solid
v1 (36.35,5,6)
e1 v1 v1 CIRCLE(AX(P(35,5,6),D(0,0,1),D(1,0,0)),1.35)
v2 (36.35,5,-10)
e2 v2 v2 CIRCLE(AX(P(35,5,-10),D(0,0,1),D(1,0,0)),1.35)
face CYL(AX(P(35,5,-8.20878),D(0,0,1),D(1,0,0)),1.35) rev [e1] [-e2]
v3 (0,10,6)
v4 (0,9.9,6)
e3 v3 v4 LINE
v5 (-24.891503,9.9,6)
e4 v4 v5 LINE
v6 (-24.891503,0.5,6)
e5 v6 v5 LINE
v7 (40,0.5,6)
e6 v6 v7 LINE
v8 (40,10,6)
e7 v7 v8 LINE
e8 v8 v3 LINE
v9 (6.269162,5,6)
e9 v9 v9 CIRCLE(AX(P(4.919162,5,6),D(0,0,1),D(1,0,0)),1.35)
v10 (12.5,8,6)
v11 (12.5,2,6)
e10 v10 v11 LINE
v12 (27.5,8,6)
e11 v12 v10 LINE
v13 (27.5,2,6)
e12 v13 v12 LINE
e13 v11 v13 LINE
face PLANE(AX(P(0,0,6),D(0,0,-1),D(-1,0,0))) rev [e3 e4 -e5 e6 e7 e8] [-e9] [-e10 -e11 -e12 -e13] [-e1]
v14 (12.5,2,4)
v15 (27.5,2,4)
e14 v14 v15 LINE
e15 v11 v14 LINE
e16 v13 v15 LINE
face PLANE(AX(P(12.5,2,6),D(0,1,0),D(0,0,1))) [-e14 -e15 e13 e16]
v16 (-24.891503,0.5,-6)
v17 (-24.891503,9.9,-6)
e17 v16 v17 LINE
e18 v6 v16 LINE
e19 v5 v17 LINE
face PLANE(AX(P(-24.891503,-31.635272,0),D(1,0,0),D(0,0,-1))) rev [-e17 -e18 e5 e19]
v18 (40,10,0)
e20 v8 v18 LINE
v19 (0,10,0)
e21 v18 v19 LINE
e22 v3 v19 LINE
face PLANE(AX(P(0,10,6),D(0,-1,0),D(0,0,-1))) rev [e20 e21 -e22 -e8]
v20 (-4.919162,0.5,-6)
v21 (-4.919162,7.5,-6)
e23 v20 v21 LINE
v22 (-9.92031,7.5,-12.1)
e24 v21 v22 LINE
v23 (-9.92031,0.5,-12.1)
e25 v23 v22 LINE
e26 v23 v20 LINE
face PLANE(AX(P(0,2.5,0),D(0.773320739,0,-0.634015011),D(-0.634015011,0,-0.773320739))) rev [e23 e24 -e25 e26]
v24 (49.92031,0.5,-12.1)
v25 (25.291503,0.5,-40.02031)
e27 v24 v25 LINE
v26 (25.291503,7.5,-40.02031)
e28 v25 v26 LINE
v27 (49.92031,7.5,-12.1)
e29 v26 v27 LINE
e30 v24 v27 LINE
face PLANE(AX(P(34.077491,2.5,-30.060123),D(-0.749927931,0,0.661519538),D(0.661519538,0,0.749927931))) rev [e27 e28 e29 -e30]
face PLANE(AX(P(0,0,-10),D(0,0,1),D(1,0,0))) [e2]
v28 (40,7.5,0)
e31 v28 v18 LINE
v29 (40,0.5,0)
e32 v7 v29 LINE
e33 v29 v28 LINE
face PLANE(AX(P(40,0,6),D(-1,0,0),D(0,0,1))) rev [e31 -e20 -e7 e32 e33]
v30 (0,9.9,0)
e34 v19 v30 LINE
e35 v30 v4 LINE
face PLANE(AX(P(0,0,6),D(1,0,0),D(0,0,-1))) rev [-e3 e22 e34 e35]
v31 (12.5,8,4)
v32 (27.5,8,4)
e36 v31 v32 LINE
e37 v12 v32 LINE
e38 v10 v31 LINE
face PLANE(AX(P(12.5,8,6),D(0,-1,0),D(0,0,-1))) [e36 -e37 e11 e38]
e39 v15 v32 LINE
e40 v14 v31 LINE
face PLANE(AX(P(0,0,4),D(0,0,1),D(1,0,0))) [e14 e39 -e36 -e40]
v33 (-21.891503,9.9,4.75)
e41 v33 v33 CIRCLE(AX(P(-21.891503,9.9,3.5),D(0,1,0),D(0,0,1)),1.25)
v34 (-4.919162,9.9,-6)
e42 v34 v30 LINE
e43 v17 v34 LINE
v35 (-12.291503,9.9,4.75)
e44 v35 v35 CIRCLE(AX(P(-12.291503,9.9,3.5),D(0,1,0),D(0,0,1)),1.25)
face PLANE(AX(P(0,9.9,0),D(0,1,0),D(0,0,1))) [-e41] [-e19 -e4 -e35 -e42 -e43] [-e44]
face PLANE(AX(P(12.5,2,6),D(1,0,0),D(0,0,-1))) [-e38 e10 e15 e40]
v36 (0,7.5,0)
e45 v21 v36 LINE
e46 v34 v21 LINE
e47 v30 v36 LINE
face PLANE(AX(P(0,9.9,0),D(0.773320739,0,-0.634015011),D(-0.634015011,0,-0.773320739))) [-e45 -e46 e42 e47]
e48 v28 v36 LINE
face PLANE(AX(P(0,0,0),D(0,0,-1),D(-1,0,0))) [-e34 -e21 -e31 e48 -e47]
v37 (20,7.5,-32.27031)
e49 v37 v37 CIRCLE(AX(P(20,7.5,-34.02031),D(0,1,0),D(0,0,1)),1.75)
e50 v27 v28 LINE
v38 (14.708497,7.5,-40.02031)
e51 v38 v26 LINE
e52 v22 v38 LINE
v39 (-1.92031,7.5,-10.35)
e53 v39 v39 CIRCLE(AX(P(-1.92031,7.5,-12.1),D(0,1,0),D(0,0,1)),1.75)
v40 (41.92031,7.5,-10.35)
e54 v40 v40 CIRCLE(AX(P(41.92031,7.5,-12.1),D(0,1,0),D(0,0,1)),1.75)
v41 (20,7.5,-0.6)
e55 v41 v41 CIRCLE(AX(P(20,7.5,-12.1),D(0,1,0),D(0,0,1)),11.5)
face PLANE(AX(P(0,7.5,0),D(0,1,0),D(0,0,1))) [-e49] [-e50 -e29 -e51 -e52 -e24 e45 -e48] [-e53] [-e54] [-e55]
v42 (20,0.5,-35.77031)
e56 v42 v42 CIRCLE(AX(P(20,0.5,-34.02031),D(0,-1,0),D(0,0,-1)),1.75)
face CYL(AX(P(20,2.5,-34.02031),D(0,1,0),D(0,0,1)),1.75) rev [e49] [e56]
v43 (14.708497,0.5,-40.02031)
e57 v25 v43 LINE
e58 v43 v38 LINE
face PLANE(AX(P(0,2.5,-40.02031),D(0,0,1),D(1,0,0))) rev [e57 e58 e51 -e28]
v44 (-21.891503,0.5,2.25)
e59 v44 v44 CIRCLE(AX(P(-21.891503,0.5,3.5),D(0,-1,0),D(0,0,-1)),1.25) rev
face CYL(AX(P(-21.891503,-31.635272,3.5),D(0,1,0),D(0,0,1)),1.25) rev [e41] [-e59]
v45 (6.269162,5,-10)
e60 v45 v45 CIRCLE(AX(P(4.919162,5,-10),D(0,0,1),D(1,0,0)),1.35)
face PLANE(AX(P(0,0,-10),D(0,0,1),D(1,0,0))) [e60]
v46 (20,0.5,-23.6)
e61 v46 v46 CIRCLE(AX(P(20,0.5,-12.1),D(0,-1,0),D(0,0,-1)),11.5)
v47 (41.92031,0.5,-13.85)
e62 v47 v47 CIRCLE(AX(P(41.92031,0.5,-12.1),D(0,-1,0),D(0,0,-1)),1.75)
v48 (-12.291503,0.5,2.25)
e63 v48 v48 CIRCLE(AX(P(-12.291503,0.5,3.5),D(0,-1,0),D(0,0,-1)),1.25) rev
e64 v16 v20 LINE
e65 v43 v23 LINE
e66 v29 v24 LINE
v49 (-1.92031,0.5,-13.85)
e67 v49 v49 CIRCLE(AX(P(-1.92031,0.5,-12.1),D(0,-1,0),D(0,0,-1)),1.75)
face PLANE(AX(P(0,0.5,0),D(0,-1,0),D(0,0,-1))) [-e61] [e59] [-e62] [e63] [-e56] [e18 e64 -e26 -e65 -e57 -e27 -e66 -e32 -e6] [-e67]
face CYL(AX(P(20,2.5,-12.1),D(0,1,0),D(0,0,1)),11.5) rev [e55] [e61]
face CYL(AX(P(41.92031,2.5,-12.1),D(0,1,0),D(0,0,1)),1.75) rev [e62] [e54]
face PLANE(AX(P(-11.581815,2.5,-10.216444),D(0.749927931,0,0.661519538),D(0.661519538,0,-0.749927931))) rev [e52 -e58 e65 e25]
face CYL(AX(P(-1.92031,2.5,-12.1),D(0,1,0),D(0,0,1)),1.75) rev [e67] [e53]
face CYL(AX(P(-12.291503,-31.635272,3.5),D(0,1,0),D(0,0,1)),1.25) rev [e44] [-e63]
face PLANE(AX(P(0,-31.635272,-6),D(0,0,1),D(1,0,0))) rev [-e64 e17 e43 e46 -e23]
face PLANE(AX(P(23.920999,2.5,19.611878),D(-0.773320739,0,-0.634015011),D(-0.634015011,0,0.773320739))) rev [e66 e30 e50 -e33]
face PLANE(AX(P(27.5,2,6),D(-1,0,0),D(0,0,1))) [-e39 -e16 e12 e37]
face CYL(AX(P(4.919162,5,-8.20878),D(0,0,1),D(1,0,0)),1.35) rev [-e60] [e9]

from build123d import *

# Parameters (mm, degrees)
SKETCH1_W               = 40
SKETCH1_H               = 10
SKETCH1_R               = 1.5
SKETCH1_W_2             = 15
SKETCH1_H_2             = 6
BOSS_EXTRUDE1_DEPTH     = 6
SKETCH1_3_W             = 15
SKETCH1_3_H             = 6
BOSS_EXTRUDE2_DEPTH     = 4
BOSS_EXTRUDE3_START     = -2.5
SKETCH2_R               = 1.75
SKETCH2_R_2             = 11.5
BOSS_EXTRUDE3_DEPTH     = 5
SKETCH3_W               = 40
SKETCH3_H               = 6
CUT_EXTRUDE1_DEPTH      = 0.5
BOSS_EXTRUDE4_START     = -7.5
SKETCH2_3_R             = 1.75
SKETCH2_3_R_2           = 11.5
BOSS_EXTRUDE4_DEPTH     = 2
SKETCH4_R               = 1.25
BOSS_EXTRUDE5_DEPTH     = 7
BOSS_EXTRUDE6_START     = 2.4
SKETCH4_3_R             = 1.25
BOSS_EXTRUDE6_DEPTH     = 2.4
SKETCH5_R               = 2.902241855
SKETCH5_R_2             = 1.35
SKETCH5_R_3             = 2.755762568
BOSS_EXTRUDE7_DEPTH     = 6
CUT_EXTRUDE2_DEPTH      = 69.628757271
CUT_EXTRUDE2_DEPTH_BACK = 16
SKETCH5_2_R             = 1.35


with BuildPart() as part:
    # Sketch1 → Boss-Extrude1 (new body)
    with BuildSketch(Plane.XY):
        with Locations((20, 5)):
            Rectangle(SKETCH1_W, SKETCH1_H)
        with Locations((5, 5)):
            Circle(SKETCH1_R, mode=Mode.SUBTRACT)
        with Locations((35, 5)):
            Circle(SKETCH1_R, mode=Mode.SUBTRACT)
        with Locations((20, 5)):
            Rectangle(SKETCH1_W_2, SKETCH1_H_2, mode=Mode.SUBTRACT)
    extrude(amount=BOSS_EXTRUDE1_DEPTH)

    # Sketch1<3> → Boss-Extrude2 (add)
    with BuildSketch(Plane.XY):
        with Locations((20, 5)):
            Rectangle(SKETCH1_3_W, SKETCH1_3_H)
    extrude(amount=BOSS_EXTRUDE2_DEPTH)

    # Sketch2 → Boss-Extrude3 (add)
    # profile 1 of 2: a face of its own
    with BuildSketch(Plane(origin=(0, 10, 0), x_dir=(1, 0, 0), z_dir=(0, 1, 0)).offset(BOSS_EXTRUDE3_START)):
        with BuildLine():
            Line((0, 0), (8, 0))
            Line((8, 0), (8, 12.1))
            ThreePointArc((8, 12.1), (20, 24.1), (32, 12.1))
            Line((32, 12.1), (32, 0))
            Line((32, 0), (40, 0))
            Line((40, 0), (49.920310217, 12.1))
            Line((49.920310217, 12.1), (25.291502622, 40.020310217))
            Line((25.291502622, 40.020310217), (14.708497378, 40.020310217))
            Line((14.708497378, 40.020310217), (-9.920310217, 12.1))
            Line((-9.920310217, 12.1), (0, 0))
        make_face()
        with Locations(Location((-1.920310217, 12.1, 0), (0, 0, 270))):
            Circle(SKETCH2_R, mode=Mode.SUBTRACT)
        with Locations(Location((41.920310217, 12.1, 0), (0, 0, 270))):
            Circle(SKETCH2_R, mode=Mode.SUBTRACT)
        with Locations(Location((20, 34.020310217, 0), (0, 0, 270))):
            Circle(SKETCH2_R, mode=Mode.SUBTRACT)
    # profile 2 of 2: a face of its own
    with BuildSketch(Plane(origin=(0, 10, 0), x_dir=(1, 0, 0), z_dir=(0, 1, 0)).offset(BOSS_EXTRUDE3_START)):
        with BuildLine():
            Line((8, 12.1), (8, 0))
            Line((8, 0), (32, 0))
            Line((32, 0), (32, 12.1))
            ThreePointArc((32, 12.1), (20, 24.1), (8, 12.1))
        make_face()
        with Locations(Location((20, 12.1, 0), (0, 0, 270))):
            Circle(SKETCH2_R_2, mode=Mode.SUBTRACT)
    extrude(amount=-BOSS_EXTRUDE3_DEPTH)

    # Sketch3 → Cut-Extrude1 (cut)
    with BuildSketch(Plane(origin=(0, 0, 0), x_dir=(1, 0, 0), z_dir=(0, 1, 0))):
        with Locations((20, -3)):
            Rectangle(SKETCH3_W, SKETCH3_H)
    extrude(amount=CUT_EXTRUDE1_DEPTH, mode=Mode.SUBTRACT)

    # Sketch2<3> → Boss-Extrude4 (add)
    # profile 1 of 2: a face of its own
    with BuildSketch(Plane(origin=(0, 10, 0), x_dir=(1, 0, 0), z_dir=(0, 1, 0)).offset(BOSS_EXTRUDE4_START)):
        with BuildLine():
            Line((0, 0), (8, 0))
            Line((8, 0), (8, 12.1))
            ThreePointArc((8, 12.1), (20, 24.1), (32, 12.1))
            Line((32, 12.1), (32, 0))
            Line((32, 0), (40, 0))
            Line((40, 0), (49.920310217, 12.1))
            Line((49.920310217, 12.1), (25.291502622, 40.020310217))
            Line((25.291502622, 40.020310217), (14.708497378, 40.020310217))
            Line((14.708497378, 40.020310217), (-9.920310217, 12.1))
            Line((-9.920310217, 12.1), (0, 0))
        make_face()
        with Locations(Location((-1.920310217, 12.1, 0), (0, 0, 270))):
            Circle(SKETCH2_3_R, mode=Mode.SUBTRACT)
        with Locations(Location((41.920310217, 12.1, 0), (0, 0, 270))):
            Circle(SKETCH2_3_R, mode=Mode.SUBTRACT)
        with Locations(Location((20, 34.020310217, 0), (0, 0, 270))):
            Circle(SKETCH2_3_R, mode=Mode.SUBTRACT)
    # profile 2 of 2: a face of its own
    with BuildSketch(Plane(origin=(0, 10, 0), x_dir=(1, 0, 0), z_dir=(0, 1, 0)).offset(BOSS_EXTRUDE4_START)):
        with BuildLine():
            Line((8, 12.1), (8, 0))
            Line((8, 0), (32, 0))
            Line((32, 0), (32, 12.1))
            ThreePointArc((32, 12.1), (20, 24.1), (8, 12.1))
        make_face()
        with Locations(Location((20, 12.1, 0), (0, 0, 270))):
            Circle(SKETCH2_3_R_2, mode=Mode.SUBTRACT)
    extrude(amount=-BOSS_EXTRUDE4_DEPTH)

    # Sketch4 → Boss-Extrude5 (add)
    with BuildSketch(Plane(origin=(0, 7.5, 0), x_dir=(1, 0, 0), z_dir=(0, 1, 0))):
        Polygon((-25.886515965, -6), (-24.891502622, -6), (-24.891502622, 6), (-15.301186187, 6), (-4.919162091, 6), (4.919162091, -6), align=None)
        with Locations(Location((-21.891502622, -3.5, 0), (0, 0, 270))):
            Circle(SKETCH4_R, mode=Mode.SUBTRACT)
        with Locations(Location((-12.291502622, -3.5, 0), (0, 0, 270))):
            Circle(SKETCH4_R, mode=Mode.SUBTRACT)
    extrude(amount=-BOSS_EXTRUDE5_DEPTH)

    # Sketch4<3> → Boss-Extrude6 (add)
    with BuildSketch(Plane(origin=(0, 7.5, 0), x_dir=(1, 0, 0), z_dir=(0, 1, 0)).offset(BOSS_EXTRUDE6_START)):
        Polygon((-24.891502622, 6), (-24.891502622, -6), (4.919162091, -6), (0, 0), (-4.919162091, 6), (-15.301186187, 6), align=None)
        with Locations(Location((-21.891502622, -3.5, 0), (0, 0, 270))):
            Circle(SKETCH4_3_R, mode=Mode.SUBTRACT)
        with Locations(Location((-12.291502622, -3.5, 0), (0, 0, 270))):
            Circle(SKETCH4_3_R, mode=Mode.SUBTRACT)
    extrude(amount=-BOSS_EXTRUDE6_DEPTH)

    # Sketch5 → Boss-Extrude7 (add)
    # profile 1 of 2: a face of its own
    with BuildSketch(Plane.XY.offset(6)):
        with Locations((4.919162091, 5)):
            Circle(SKETCH5_R)
        with Locations(Location((4.919162091, 5, 0), (0, 0, 90))):
            Circle(SKETCH5_R_2, mode=Mode.SUBTRACT)
    # profile 2 of 2: a face of its own
    with BuildSketch(Plane.XY.offset(6)):
        with Locations((35, 5)):
            Circle(SKETCH5_R_3)
        with Locations((35, 5)):
            Circle(SKETCH5_R_2, mode=Mode.SUBTRACT)
    extrude(amount=-BOSS_EXTRUDE7_DEPTH)

    # Sketch5<2> → Cut-Extrude2 (cut, two sides: drawn at the far end of the back side and taken through both)
    with BuildSketch(Plane.XY.offset(6).offset(-CUT_EXTRUDE2_DEPTH_BACK)):
        with BuildLine():
            ThreePointArc((4.919162091, 3.65), (5.873756246, 4.045405845), (6.269162091, 5))
            ThreePointArc((6.269162091, 5), (5.873756246, 5.954594155), (4.919162091, 6.35))
            Line((4.919162091, 6.35), (4.919162091, 3.65))
        make_face()
        with BuildLine():
            Line((4.919162091, 3.65), (4.919162091, 6.35))
            ThreePointArc((4.919162091, 6.35), (3.569162091, 5), (4.919162091, 3.65))
        make_face()
        with Locations((35, 5)):
            Circle(SKETCH5_2_R)
    extrude(amount=CUT_EXTRUDE2_DEPTH + CUT_EXTRUDE2_DEPTH_BACK, mode=Mode.SUBTRACT)


solid = part.part
